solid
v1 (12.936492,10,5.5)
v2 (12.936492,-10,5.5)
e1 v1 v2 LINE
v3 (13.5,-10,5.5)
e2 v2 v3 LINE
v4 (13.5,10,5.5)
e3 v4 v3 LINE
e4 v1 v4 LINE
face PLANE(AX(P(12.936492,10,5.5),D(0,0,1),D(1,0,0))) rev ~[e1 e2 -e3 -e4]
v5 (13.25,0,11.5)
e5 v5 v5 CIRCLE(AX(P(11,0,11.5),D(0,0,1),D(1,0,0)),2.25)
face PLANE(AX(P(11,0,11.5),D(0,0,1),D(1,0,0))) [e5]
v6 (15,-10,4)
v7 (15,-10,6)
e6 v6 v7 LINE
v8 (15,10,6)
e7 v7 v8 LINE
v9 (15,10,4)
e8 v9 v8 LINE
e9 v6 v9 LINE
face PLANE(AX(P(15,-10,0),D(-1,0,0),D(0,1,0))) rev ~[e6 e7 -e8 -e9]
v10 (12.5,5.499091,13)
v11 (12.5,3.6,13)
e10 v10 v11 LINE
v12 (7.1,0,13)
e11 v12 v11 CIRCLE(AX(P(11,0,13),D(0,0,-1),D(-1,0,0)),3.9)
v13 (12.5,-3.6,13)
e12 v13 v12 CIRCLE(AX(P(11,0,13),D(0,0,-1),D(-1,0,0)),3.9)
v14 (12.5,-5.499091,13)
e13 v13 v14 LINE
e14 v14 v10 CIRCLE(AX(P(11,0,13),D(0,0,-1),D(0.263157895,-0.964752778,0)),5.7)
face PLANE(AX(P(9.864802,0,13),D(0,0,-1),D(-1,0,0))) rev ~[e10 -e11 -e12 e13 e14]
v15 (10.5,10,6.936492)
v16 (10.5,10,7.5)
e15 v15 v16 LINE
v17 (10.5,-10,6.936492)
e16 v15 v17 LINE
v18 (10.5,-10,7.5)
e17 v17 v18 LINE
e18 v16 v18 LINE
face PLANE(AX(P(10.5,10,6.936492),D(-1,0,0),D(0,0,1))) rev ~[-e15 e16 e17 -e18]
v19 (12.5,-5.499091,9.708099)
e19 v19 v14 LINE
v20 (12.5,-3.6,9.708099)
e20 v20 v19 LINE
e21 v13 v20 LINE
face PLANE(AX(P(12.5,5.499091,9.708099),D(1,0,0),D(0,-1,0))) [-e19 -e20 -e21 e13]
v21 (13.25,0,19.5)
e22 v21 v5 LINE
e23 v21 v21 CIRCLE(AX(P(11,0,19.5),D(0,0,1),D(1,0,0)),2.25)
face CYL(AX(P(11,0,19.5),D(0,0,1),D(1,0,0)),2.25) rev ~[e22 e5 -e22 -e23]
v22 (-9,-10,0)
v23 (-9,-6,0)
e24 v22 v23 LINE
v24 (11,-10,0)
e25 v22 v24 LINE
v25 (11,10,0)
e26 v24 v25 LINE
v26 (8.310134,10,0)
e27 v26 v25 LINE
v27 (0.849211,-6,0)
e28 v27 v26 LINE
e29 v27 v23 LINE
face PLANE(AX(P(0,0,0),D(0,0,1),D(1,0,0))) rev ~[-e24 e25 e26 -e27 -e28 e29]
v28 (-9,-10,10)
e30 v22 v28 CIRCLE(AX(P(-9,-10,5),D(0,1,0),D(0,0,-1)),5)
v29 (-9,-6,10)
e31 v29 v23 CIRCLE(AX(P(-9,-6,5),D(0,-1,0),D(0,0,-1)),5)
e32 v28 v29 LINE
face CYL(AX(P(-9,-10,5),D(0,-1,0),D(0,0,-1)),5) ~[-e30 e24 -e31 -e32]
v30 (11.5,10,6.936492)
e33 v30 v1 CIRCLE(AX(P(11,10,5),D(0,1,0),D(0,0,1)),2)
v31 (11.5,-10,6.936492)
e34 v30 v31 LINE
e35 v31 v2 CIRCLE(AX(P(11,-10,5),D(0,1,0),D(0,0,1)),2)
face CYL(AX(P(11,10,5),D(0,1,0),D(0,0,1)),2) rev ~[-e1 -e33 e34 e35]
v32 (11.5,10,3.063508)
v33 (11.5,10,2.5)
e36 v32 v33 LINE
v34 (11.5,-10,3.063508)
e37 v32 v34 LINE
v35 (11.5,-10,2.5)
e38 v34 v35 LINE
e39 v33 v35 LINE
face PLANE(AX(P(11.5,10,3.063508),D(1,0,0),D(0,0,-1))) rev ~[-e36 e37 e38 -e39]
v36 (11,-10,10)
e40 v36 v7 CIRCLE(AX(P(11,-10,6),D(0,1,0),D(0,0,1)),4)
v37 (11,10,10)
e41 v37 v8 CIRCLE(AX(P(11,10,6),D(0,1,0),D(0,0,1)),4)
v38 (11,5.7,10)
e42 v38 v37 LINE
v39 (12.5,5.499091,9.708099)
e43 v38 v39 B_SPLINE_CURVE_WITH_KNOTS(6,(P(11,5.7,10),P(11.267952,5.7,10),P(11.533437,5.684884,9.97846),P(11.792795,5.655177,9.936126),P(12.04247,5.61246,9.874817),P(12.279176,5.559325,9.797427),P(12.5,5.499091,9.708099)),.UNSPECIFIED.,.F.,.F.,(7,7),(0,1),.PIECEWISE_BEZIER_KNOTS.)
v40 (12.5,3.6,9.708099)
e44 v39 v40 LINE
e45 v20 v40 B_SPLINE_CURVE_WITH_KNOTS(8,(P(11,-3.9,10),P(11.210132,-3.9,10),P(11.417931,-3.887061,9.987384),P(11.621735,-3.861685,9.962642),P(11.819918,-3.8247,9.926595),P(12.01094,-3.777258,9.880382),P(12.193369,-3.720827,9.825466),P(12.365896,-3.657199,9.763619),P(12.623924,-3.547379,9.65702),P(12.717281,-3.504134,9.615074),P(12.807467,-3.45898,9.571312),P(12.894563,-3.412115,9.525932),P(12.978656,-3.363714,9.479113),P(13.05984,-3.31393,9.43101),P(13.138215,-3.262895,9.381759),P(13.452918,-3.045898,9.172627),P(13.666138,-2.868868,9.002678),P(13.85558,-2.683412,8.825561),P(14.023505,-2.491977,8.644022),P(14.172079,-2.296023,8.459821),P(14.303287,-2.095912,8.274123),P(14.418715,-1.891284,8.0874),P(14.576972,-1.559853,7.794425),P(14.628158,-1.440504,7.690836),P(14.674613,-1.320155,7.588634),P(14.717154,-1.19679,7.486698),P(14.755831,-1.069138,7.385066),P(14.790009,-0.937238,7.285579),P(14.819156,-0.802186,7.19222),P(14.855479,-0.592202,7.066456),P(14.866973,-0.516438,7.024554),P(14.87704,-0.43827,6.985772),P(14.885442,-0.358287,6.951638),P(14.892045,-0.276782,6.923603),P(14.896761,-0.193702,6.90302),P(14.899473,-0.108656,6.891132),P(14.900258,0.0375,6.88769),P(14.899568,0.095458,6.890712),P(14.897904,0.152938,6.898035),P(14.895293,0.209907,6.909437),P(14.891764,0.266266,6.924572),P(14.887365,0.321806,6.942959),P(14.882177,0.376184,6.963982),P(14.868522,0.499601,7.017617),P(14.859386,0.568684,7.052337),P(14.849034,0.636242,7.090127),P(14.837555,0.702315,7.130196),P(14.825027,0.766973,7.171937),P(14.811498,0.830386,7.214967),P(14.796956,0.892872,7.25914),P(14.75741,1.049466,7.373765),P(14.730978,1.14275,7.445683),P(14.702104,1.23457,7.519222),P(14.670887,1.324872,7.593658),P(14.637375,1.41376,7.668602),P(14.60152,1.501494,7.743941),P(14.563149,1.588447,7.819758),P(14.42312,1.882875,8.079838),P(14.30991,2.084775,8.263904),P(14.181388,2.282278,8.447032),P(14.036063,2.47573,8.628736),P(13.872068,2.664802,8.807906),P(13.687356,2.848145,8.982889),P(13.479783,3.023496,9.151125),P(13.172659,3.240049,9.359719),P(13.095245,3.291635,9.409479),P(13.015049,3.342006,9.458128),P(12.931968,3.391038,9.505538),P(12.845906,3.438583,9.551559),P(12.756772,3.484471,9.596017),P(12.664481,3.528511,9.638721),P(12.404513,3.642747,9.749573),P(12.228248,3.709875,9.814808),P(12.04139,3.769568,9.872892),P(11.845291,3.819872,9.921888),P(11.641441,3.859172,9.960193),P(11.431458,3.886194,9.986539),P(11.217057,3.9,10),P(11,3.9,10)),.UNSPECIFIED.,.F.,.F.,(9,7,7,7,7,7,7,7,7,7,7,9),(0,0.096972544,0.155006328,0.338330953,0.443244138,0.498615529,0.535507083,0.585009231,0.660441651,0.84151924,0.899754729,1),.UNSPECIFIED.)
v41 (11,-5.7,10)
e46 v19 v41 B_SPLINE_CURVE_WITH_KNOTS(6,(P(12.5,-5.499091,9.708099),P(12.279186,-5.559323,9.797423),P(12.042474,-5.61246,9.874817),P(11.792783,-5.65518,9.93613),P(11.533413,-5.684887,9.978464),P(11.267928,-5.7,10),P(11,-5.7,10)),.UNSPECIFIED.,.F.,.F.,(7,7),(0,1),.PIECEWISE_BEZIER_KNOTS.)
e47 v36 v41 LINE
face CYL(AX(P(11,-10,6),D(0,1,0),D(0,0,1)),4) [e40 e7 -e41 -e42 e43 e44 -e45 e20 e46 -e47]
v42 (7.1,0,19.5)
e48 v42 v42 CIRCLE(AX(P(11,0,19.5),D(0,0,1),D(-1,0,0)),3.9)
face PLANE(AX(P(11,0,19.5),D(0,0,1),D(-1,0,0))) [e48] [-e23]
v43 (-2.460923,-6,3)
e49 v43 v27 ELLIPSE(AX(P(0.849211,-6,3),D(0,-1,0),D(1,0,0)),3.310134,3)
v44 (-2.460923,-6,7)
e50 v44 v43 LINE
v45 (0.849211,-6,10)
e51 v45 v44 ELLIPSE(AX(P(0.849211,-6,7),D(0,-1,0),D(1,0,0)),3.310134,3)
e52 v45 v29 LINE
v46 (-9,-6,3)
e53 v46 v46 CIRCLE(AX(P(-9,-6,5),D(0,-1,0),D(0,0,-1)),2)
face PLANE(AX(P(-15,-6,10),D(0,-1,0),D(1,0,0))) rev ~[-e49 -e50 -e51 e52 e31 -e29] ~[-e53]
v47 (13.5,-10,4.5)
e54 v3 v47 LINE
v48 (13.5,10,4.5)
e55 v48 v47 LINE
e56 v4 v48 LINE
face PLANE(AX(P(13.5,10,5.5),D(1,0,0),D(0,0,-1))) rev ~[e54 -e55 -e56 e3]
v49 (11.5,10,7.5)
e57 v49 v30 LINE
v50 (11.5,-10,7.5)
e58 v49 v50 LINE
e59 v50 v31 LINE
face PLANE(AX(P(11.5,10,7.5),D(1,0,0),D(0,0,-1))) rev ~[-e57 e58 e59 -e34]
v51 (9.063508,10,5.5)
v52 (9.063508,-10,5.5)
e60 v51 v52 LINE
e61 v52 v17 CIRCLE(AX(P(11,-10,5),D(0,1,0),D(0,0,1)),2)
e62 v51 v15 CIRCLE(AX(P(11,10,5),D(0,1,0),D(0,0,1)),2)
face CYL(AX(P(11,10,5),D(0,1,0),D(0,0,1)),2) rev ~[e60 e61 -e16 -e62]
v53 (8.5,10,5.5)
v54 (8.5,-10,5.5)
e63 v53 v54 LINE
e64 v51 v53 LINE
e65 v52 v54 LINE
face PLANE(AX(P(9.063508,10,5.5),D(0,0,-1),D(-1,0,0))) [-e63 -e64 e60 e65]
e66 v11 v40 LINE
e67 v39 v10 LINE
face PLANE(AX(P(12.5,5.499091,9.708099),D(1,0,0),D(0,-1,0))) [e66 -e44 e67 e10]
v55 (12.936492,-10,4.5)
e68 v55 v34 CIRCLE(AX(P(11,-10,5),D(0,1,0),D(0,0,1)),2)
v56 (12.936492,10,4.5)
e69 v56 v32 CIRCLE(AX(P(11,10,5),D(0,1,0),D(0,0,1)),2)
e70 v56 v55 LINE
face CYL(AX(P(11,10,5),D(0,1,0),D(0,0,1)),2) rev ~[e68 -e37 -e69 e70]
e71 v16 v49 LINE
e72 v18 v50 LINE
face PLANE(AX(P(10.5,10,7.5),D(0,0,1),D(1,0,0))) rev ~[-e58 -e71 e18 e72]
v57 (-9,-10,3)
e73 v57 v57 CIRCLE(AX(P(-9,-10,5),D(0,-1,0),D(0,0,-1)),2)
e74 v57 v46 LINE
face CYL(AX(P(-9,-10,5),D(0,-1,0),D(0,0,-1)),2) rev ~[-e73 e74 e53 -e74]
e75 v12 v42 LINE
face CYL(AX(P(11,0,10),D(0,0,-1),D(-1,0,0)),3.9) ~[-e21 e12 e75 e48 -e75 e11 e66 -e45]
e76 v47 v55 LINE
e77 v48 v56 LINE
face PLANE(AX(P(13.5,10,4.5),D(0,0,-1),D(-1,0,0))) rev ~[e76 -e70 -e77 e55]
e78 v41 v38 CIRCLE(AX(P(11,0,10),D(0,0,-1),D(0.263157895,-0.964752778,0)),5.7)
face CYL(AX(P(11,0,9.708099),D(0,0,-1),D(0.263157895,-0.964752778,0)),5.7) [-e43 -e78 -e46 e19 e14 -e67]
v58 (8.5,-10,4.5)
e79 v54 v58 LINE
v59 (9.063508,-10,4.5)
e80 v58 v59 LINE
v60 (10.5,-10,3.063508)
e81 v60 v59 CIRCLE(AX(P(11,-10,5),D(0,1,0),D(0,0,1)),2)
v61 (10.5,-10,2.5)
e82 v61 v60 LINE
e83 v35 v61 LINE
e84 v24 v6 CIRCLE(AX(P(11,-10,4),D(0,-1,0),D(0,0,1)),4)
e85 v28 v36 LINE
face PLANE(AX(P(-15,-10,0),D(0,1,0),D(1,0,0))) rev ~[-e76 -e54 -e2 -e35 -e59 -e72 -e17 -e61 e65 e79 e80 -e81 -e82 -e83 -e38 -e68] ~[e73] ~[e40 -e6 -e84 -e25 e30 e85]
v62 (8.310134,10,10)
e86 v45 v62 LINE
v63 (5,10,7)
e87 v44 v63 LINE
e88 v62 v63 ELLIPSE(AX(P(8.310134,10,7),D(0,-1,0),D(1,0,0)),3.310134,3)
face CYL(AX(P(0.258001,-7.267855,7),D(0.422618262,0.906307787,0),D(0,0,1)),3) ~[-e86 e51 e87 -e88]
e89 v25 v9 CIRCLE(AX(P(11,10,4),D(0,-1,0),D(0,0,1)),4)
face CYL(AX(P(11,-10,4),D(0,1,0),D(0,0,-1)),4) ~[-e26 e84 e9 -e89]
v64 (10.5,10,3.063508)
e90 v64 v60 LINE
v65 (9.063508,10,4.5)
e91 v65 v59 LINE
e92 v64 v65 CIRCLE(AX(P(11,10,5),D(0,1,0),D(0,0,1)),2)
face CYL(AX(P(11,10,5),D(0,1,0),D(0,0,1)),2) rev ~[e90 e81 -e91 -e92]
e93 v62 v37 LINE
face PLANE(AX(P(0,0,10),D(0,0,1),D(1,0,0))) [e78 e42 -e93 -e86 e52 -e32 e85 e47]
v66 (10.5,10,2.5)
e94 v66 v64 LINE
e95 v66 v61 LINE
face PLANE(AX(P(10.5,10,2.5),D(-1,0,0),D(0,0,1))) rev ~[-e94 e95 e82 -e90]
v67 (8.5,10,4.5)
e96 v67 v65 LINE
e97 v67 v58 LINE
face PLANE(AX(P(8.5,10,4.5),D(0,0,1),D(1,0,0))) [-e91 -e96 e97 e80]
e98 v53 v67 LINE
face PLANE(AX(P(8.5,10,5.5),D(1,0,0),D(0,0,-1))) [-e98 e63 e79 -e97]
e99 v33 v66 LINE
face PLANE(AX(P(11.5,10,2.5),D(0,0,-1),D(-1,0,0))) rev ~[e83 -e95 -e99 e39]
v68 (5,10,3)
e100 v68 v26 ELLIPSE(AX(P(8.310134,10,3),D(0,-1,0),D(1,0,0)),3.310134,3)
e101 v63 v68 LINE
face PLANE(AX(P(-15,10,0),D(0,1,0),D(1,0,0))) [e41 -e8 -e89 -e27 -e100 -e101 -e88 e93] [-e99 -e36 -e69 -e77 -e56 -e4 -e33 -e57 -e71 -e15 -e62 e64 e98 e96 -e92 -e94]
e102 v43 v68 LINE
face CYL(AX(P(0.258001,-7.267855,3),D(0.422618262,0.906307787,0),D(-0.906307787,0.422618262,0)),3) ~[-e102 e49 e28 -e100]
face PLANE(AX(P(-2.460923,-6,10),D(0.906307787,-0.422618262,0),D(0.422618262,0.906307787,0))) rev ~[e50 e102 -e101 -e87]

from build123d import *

# Parameters (mm, degrees)
SKETCH1_W                            = 30
SKETCH1_H                            = 20
BOSS_EXTRUDE1_DEPTH                  = 10
SKETCH3_R                            = 2
CUT_EXTRUDE1_DEPTH                   = 27.925824036
SKETCH4_R                            = 2
CUT_EXTRUDE2_DEPTH                   = 27.925824036
FILLET1_R                            = 4
SKETCH5_R                            = 3.9
BOSS_EXTRUDE2_DEPTH                  = 9.5
BOSS_EXTRUDE2_DIRECTION_2_REACH      = 22.616
BOSS_EXTRUDE2_DIRECTION_2_END_RADIUS = 4
CUT_EXTRUDE3_DEPTH                   = 21.615528249
FILLET3_R                            = 3
BOSS_EXTRUDE3_START                  = -0.291901
BOSS_EXTRUDE3_DEPTH                  = 3.291901
SKETCH8_R                            = 2.25
CUT_EXTRUDE4_DEPTH                   = 8
CUT_EXTRUDE5_DEPTH                   = 32.705677897
CUT_EXTRUDE6_DEPTH                   = 32.705677897


with BuildPart() as part:
    # Sketch1 → Boss-Extrude1 (new body)
    with BuildSketch(Plane.XY):
        Rectangle(SKETCH1_W, SKETCH1_H)
    extrude(amount=BOSS_EXTRUDE1_DEPTH)

    # Sketch3 → Cut-Extrude1 (cut, through all)
    with BuildSketch(Plane(origin=(0, 10, 0), x_dir=(1, 0, 0), z_dir=(0, 1, 0))):
        with Locations(Location((11, -5, 0), (0, 0, 270))):
            Circle(SKETCH3_R)
    extrude(amount=-CUT_EXTRUDE1_DEPTH, mode=Mode.SUBTRACT)

    # Sketch4 → Cut-Extrude2 (cut, through all)
    with BuildSketch(Plane.XZ.offset(10)):
        with Locations(Location((-9, 5, 0), (0, 0, 270))):
            Circle(SKETCH4_R)
    extrude(amount=-CUT_EXTRUDE2_DEPTH, mode=Mode.SUBTRACT)

    # Fillet1
    fillet1_edges = [part.edges().sort_by_distance(p)[0] for p in [
        (15, 0, 10),
        (15, 0, 0),
    ]]
    fillet(fillet1_edges, radius=FILLET1_R)

    # Sketch5 → Boss-Extrude2 (add)
    with BuildSketch(Plane.XY.offset(10)):
        with Locations(Location((11, 0, 0), (0, 0, 180))):
            Circle(SKETCH5_R)
    extrude(amount=BOSS_EXTRUDE2_DEPTH)

    # Boss-Extrude2 direction 2: up to this cylinder (the profile starts outside it)
    boss_extrude2_direction_2_end = Plane(origin=(11, 0, 6), z_dir=(0, -1, 0)) * Cylinder(BOSS_EXTRUDE2_DIRECTION_2_END_RADIUS, 54.232, mode=Mode.PRIVATE)
    # Sketch5 → Boss-Extrude2 direction 2 (add, up to the surface)
    with BuildSketch(Plane.XY.offset(10), mode=Mode.PRIVATE) as boss_extrude2_direction_2_sk1:
        with Locations(Location((11, 0, 0), (0, 0, 180))):
            Circle(SKETCH5_R)
    boss_extrude2_direction_2_tool1 = extrude(boss_extrude2_direction_2_sk1.sketch, amount=-BOSS_EXTRUDE2_DIRECTION_2_REACH, mode=Mode.PRIVATE) - boss_extrude2_direction_2_end
    add(boss_extrude2_direction_2_tool1.solids().sort_by_distance((11, 0, 10))[0])
    add(boss_extrude2_direction_2_tool1.solids().sort_by_distance((11, 0, 10))[1])

    # Sketch6 → Cut-Extrude3 (cut, through all)
    with BuildSketch(Plane.XY.offset(10)):
        Polygon((-15, -6), (-2.46092253, -6), (5, 10), (-15, 10), align=None)
    extrude(amount=-CUT_EXTRUDE3_DEPTH, mode=Mode.SUBTRACT)

    # Fillet3
    fillet3_edges = [part.edges().sort_by_distance(p)[0] for p in [
        (1.269538735, 2, 0),
        (1.269538735, 2, 10),
    ]]
    fillet(fillet3_edges, radius=FILLET3_R)

    # Sketch7 → Boss-Extrude3 (add)
    with BuildSketch(Plane.XY.offset(10).offset(BOSS_EXTRUDE3_START)):
        with BuildLine():
            Line((12.5, 5.499090834), (12.5, -5.499090834))
            ThreePointArc((12.5, -5.499090834), (5.3, 0), (12.5, 5.499090834))
        make_face()
    extrude(amount=BOSS_EXTRUDE3_DEPTH)

    # Sketch8 → Cut-Extrude4 (cut)
    with BuildSketch(Plane.XY.offset(19.5)):
        with Locations((11, 0)):
            Circle(SKETCH8_R)
    extrude(amount=-CUT_EXTRUDE4_DEPTH, mode=Mode.SUBTRACT)

    # Sketch9 → Cut-Extrude5 (cut, through all)
    with BuildSketch(Plane.XZ.offset(10)):
        with BuildLine():
            Line((-9, 10), (-15, 10))
            Line((-15, 10), (-15, 0))
            Line((-15, 0), (-9, 0))
            ThreePointArc((-9, 0), (-14, 5), (-9, 10))
        make_face()
    extrude(amount=-CUT_EXTRUDE5_DEPTH, mode=Mode.SUBTRACT)

    # Sketch10 → Cut-Extrude6 (cut, through all)
    with BuildSketch(Plane(origin=(0, 10, 0), x_dir=(1, 0, 0), z_dir=(0, 1, 0))):
        with BuildLine():
            Line((8.5, -4.5), (9.063508327, -4.5))
            ThreePointArc((9.063508327, -4.5), (9.015940607, -4.747991415), (9, -5))
            ThreePointArc((9, -5), (9.015940607, -5.252008585), (9.063508327, -5.5))
            Line((9.063508327, -5.5), (8.5, -5.5))
            Line((8.5, -5.5), (8.5, -4.5))
        make_face()
        with BuildLine():
            Line((10.5, -2.5), (10.5, -3.063508327))
            ThreePointArc((10.5, -3.063508327), (10.747991415, -3.015940607), (11, -3))
            ThreePointArc((11, -3), (11.252008585, -3.015940607), (11.5, -3.063508327))
            Line((11.5, -3.063508327), (11.5, -2.5))
            Line((11.5, -2.5), (10.5, -2.5))
        make_face()
        with BuildLine():
            Line((13.5, -4.5), (12.936491673, -4.5))
            ThreePointArc((12.936491673, -4.5), (12.984059393, -4.747991415), (13, -5))
            ThreePointArc((13, -5), (12.984059393, -5.252008585), (12.936491673, -5.5))
            Line((12.936491673, -5.5), (13.5, -5.5))
            Line((13.5, -5.5), (13.5, -4.5))
        make_face()
        with BuildLine():
            Line((11.5, -7.5), (11.5, -6.936491673))
            ThreePointArc((11.5, -6.936491673), (11.252008585, -6.984059393), (11, -7))
            ThreePointArc((11, -7), (10.747991415, -6.984059393), (10.5, -6.936491673))
            Line((10.5, -6.936491673), (10.5, -7.5))
            Line((10.5, -7.5), (11.5, -7.5))
        make_face()
    extrude(amount=-CUT_EXTRUDE6_DEPTH, mode=Mode.SUBTRACT)


solid = part.part
